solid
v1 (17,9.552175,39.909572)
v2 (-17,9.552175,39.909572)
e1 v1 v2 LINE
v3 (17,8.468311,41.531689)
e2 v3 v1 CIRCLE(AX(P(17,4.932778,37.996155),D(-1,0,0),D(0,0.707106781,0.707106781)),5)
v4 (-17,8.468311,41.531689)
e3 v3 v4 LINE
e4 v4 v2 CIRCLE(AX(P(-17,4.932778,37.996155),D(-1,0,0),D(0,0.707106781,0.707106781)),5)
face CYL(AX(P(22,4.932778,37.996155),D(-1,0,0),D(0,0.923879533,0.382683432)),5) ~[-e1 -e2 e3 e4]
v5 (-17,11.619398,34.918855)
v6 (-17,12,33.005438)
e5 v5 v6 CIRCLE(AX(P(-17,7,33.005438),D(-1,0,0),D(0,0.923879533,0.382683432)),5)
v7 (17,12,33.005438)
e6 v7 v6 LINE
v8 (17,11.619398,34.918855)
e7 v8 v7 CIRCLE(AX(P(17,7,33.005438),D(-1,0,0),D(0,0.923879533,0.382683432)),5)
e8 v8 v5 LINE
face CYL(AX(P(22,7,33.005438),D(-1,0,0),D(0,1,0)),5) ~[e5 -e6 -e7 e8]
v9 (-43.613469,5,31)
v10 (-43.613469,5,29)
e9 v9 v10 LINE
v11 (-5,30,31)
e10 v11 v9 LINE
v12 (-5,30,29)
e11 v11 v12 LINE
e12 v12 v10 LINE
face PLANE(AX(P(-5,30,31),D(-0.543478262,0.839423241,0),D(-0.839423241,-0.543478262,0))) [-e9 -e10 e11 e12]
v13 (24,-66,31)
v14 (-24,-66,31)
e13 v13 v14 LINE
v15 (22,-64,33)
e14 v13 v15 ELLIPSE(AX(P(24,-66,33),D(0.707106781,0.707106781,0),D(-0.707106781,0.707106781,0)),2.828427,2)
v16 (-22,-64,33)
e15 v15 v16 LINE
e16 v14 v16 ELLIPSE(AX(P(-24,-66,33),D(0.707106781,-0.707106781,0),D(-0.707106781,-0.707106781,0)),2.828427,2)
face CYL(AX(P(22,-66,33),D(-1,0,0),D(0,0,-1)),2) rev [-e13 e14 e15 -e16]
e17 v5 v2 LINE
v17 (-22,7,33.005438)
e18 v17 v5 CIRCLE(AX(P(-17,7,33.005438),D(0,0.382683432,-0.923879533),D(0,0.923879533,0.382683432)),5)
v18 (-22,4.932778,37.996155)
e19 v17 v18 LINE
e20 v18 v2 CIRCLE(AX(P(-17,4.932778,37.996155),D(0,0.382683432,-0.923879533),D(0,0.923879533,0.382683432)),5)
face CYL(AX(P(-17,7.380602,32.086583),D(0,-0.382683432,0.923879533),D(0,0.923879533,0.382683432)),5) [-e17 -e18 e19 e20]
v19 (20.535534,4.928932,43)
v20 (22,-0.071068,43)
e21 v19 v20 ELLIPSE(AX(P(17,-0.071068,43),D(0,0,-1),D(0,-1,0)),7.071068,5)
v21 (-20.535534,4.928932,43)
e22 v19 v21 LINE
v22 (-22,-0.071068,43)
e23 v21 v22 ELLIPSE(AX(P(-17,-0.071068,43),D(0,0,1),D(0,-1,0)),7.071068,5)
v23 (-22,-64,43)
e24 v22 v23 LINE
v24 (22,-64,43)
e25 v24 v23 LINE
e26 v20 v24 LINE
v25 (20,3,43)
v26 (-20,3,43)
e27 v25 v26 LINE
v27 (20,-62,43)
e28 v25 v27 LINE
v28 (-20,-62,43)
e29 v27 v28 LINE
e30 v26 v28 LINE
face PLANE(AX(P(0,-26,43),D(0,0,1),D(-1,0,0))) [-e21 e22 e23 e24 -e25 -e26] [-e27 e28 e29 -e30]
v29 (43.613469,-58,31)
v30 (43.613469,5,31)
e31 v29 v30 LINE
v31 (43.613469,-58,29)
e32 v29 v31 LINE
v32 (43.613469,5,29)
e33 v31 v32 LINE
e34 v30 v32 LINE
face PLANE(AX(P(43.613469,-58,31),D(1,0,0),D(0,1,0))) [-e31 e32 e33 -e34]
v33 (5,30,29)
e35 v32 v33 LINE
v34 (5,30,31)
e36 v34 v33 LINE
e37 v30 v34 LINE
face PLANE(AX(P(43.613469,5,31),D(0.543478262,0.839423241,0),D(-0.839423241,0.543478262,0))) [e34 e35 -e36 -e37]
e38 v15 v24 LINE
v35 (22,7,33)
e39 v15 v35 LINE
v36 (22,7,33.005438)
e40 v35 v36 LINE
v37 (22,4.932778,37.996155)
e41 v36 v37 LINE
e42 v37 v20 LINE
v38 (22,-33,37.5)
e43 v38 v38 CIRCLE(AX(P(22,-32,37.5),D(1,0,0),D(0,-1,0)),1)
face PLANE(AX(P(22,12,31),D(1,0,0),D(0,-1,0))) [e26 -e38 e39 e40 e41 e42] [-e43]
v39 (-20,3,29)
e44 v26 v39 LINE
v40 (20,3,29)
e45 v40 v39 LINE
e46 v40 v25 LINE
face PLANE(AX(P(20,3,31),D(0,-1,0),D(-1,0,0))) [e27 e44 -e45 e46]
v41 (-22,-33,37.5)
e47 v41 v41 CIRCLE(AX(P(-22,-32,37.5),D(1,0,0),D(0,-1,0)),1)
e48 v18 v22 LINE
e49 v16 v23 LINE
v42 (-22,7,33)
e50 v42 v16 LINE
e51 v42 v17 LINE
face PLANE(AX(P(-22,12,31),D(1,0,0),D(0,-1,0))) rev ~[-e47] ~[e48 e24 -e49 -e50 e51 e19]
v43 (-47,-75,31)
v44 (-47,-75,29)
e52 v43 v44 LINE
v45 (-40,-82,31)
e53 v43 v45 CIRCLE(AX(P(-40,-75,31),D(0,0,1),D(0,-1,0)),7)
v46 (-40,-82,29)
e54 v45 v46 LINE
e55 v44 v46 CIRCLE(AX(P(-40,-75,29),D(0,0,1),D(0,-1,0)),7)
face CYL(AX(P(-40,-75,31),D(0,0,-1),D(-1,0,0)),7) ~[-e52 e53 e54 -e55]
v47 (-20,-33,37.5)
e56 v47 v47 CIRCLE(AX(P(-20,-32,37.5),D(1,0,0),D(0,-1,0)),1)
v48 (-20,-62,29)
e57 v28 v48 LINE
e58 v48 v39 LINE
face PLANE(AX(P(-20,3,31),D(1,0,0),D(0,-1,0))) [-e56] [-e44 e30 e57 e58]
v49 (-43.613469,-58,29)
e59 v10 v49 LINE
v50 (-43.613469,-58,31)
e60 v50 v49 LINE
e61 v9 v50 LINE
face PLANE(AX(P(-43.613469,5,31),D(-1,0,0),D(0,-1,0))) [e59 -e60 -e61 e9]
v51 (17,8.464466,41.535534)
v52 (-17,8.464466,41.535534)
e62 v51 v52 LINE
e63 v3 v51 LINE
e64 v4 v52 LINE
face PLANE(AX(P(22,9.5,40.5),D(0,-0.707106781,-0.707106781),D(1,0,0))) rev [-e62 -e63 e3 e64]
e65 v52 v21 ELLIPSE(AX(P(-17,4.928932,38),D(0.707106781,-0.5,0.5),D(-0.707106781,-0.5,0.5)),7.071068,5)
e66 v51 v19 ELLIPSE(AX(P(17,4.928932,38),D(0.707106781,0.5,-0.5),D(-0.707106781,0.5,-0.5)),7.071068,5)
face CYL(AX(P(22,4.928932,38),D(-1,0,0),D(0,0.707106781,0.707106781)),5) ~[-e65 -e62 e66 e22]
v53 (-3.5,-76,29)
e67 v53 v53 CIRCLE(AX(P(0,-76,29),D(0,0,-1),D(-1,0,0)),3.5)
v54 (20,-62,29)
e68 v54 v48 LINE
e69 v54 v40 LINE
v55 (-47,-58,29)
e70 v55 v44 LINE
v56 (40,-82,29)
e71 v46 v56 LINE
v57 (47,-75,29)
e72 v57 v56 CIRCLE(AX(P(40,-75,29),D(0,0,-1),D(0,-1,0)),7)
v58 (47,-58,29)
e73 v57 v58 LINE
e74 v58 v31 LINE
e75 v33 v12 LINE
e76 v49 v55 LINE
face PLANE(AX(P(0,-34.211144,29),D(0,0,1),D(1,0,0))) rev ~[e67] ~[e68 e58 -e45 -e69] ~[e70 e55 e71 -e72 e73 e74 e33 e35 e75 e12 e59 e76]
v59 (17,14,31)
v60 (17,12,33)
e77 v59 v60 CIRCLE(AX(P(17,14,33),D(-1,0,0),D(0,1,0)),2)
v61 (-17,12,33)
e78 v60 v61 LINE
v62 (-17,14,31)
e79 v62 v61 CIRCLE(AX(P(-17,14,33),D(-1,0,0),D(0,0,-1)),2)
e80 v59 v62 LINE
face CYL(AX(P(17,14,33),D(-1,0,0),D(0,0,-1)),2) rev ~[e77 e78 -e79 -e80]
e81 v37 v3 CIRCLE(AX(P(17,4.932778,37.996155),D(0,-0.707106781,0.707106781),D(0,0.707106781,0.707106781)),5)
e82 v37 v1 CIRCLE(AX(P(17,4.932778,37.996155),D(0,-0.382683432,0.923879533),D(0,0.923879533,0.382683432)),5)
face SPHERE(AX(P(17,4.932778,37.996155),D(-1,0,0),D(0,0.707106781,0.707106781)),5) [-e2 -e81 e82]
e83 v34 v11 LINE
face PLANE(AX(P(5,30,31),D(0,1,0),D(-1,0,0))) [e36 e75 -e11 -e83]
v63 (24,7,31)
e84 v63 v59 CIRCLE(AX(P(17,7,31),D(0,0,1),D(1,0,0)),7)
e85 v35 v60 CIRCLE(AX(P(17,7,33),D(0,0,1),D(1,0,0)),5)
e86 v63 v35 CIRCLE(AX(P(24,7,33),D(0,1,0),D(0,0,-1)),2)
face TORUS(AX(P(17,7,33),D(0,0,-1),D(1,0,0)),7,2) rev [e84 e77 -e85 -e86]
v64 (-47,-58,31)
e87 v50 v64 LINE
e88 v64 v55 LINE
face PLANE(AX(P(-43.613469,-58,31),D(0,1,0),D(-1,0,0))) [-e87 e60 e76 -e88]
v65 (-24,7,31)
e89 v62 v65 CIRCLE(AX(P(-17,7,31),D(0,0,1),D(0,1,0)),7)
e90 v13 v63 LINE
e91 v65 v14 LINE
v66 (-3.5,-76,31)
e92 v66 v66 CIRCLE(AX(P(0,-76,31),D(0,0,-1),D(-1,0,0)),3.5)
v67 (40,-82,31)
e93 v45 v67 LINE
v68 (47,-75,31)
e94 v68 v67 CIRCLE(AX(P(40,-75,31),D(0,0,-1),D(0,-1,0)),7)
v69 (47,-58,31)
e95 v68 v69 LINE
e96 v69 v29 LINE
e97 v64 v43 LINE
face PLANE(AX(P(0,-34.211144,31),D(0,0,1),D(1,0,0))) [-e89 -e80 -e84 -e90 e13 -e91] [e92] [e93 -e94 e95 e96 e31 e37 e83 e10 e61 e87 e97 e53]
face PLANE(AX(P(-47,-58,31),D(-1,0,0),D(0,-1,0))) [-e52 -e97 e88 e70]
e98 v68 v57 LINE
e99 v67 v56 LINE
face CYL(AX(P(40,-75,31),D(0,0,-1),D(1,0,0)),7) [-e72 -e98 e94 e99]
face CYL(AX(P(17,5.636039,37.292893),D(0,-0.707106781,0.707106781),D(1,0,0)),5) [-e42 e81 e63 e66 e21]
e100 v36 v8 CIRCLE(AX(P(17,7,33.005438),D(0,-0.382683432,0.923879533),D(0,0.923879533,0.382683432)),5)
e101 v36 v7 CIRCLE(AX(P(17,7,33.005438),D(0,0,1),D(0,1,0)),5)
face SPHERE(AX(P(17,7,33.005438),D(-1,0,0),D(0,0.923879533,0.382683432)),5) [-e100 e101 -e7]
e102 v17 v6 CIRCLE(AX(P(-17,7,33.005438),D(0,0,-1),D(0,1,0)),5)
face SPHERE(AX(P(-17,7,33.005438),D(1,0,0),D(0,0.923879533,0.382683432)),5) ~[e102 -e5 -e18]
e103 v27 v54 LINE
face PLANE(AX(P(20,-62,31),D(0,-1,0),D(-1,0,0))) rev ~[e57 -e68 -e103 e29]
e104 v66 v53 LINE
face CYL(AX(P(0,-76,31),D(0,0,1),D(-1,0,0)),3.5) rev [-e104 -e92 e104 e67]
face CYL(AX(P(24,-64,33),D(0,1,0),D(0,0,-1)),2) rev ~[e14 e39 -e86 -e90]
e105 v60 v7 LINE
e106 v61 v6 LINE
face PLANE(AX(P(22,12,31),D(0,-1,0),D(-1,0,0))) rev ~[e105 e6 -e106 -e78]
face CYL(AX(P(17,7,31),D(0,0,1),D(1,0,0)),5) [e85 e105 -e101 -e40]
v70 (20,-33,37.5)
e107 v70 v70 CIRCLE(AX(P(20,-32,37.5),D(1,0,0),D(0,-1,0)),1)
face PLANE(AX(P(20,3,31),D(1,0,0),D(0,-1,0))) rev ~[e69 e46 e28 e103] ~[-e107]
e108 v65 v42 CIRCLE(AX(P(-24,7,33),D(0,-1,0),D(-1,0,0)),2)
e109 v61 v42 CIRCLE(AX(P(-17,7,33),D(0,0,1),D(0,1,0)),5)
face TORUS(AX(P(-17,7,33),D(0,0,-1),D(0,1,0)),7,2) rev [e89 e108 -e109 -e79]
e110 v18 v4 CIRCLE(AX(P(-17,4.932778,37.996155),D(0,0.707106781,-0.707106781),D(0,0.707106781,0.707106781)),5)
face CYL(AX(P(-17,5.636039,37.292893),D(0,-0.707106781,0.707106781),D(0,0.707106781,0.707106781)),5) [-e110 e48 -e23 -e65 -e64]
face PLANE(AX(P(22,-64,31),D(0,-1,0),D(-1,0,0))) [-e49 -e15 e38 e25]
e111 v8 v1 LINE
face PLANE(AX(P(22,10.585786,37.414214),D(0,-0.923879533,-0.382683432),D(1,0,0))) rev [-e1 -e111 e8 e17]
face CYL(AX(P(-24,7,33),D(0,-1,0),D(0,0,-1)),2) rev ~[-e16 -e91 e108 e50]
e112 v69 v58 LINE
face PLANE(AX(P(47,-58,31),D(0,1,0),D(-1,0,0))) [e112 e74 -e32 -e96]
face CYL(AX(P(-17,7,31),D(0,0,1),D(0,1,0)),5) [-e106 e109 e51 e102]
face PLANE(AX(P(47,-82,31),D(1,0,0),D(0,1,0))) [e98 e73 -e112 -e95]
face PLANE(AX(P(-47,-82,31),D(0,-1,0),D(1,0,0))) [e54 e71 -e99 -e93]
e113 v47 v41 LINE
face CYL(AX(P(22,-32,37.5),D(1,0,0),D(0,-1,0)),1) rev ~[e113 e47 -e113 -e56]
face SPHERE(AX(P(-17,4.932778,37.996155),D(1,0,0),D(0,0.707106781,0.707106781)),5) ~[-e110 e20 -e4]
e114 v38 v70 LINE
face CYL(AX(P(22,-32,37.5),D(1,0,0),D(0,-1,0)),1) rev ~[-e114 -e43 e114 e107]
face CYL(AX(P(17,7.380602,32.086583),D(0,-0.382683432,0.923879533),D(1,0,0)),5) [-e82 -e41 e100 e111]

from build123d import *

# Parameters (mm, degrees)
SKETCH007_R             = 3.5
SKETCH007_W             = 40
SKETCH007_H             = 65
PAD003_DEPTH            = 2
SKETCH017_W             = 44
SKETCH017_H             = 76
SKETCH017_W_2           = 40
SKETCH017_H_2           = 65
PAD009_DEPTH            = 12
SKETCH018_R             = 1
POCKET003_DEPTH         = 44
CHAMFER003_SIZE         = 5
CHAMFER004_SIZE         = 4
FILLET012_R             = 5
FILLET013_R             = 7
FILLET014_R             = 2
BODY001_ROLL_ANGLE      = 90
BODY001_PLACEMENT_ANGLE = 180


with BuildPart() as part:
    # Sketch007 → Pad003 (new body)
    with BuildSketch(Plane.XZ):
        Polygon((-5, 30), (5, 30), (43.613469, 5), (43.613469, -58), (47, -58), (47, -82), (-47, -82), (-47, -58), (-43.613469, -58), (-43.613469, 5), align=None)
        with Locations((0, -76)):
            Circle(SKETCH007_R, mode=Mode.SUBTRACT)
        with Locations((0, -29.5)):
            Rectangle(SKETCH007_W, SKETCH007_H, mode=Mode.SUBTRACT)
    extrude(amount=PAD003_DEPTH)

    # Sketch017 (on Face16 of Pad003) → Pad009 (join)
    with BuildSketch(Plane(origin=(0, 0, 0), x_dir=(1, 0, 0), z_dir=(0, 1, 0))):
        with Locations((0, 26)):
            Rectangle(SKETCH017_W, SKETCH017_H)
        with Locations((0, 29.5)):
            Rectangle(SKETCH017_W_2, SKETCH017_H_2, mode=Mode.SUBTRACT)
    extrude(amount=PAD009_DEPTH)

    # Sketch018 (on Face13 of Pad009) → Pocket003 (cut)
    with BuildSketch(Plane(origin=(-22, 0, 0), x_dir=(0, 0, -1), z_dir=(-1, 0, 0))):
        with Locations((32, -6.5)):
            Circle(SKETCH018_R)
    extrude(amount=-POCKET003_DEPTH, mode=Mode.SUBTRACT)

    # Chamfer003
    chamfer003_edges = [part.edges().sort_by_distance(p)[0] for p in [
        (0, 12, 12),
    ]]
    chamfer(chamfer003_edges, length=CHAMFER003_SIZE)

    # Chamfer004
    chamfer004_edges = [part.edges().sort_by_distance(p)[0] for p in [
        (0, 7, 12),
    ]]
    chamfer(chamfer004_edges, length=CHAMFER004_SIZE)

    # Fillet012
    fillet012_edges = [part.edges().sort_by_distance(p)[0] for p in [
        (0, 3, 12),
        (0, 9.828427, 9.171573),
        (0, 12, 7),
        (-22, 10.914214, 8.085786),
        (-22, 6.414214, 10.585786),
        (-22, 1.5, 12),
        (22, 10.914214, 8.085786),
        (22, 6.414214, 10.585786),
        (22, 1.5, 12),
    ]]
    fillet(fillet012_edges, radius=FILLET012_R)

    # Fillet013
    fillet013_edges = [part.edges().sort_by_distance(p)[0] for p in [
        (47, -1, -82),
        (-47, -1, -82),
    ]]
    fillet(fillet013_edges, radius=FILLET013_R)

    # Fillet014
    fillet014_edges = [part.edges().sort_by_distance(p)[0] for p in [
        (0, 0, -64),
        (0, 0, 12),
    ]]
    fillet(fillet014_edges, radius=FILLET014_R)


with BuildPart() as part_1:
    # Body001 roll: moved
    add(part.part.rotate(Axis((0, 0, 0), (1, 0, 0)), BODY001_ROLL_ANGLE))


with BuildPart() as part_2:
    # Body001 placement: moved
    add(part_1.part.moved(Location((0, 0, 31))).rotate(Axis((0, 0, 31), (0, 0, 1)), BODY001_PLACEMENT_ANGLE))


solid = part_2.part
